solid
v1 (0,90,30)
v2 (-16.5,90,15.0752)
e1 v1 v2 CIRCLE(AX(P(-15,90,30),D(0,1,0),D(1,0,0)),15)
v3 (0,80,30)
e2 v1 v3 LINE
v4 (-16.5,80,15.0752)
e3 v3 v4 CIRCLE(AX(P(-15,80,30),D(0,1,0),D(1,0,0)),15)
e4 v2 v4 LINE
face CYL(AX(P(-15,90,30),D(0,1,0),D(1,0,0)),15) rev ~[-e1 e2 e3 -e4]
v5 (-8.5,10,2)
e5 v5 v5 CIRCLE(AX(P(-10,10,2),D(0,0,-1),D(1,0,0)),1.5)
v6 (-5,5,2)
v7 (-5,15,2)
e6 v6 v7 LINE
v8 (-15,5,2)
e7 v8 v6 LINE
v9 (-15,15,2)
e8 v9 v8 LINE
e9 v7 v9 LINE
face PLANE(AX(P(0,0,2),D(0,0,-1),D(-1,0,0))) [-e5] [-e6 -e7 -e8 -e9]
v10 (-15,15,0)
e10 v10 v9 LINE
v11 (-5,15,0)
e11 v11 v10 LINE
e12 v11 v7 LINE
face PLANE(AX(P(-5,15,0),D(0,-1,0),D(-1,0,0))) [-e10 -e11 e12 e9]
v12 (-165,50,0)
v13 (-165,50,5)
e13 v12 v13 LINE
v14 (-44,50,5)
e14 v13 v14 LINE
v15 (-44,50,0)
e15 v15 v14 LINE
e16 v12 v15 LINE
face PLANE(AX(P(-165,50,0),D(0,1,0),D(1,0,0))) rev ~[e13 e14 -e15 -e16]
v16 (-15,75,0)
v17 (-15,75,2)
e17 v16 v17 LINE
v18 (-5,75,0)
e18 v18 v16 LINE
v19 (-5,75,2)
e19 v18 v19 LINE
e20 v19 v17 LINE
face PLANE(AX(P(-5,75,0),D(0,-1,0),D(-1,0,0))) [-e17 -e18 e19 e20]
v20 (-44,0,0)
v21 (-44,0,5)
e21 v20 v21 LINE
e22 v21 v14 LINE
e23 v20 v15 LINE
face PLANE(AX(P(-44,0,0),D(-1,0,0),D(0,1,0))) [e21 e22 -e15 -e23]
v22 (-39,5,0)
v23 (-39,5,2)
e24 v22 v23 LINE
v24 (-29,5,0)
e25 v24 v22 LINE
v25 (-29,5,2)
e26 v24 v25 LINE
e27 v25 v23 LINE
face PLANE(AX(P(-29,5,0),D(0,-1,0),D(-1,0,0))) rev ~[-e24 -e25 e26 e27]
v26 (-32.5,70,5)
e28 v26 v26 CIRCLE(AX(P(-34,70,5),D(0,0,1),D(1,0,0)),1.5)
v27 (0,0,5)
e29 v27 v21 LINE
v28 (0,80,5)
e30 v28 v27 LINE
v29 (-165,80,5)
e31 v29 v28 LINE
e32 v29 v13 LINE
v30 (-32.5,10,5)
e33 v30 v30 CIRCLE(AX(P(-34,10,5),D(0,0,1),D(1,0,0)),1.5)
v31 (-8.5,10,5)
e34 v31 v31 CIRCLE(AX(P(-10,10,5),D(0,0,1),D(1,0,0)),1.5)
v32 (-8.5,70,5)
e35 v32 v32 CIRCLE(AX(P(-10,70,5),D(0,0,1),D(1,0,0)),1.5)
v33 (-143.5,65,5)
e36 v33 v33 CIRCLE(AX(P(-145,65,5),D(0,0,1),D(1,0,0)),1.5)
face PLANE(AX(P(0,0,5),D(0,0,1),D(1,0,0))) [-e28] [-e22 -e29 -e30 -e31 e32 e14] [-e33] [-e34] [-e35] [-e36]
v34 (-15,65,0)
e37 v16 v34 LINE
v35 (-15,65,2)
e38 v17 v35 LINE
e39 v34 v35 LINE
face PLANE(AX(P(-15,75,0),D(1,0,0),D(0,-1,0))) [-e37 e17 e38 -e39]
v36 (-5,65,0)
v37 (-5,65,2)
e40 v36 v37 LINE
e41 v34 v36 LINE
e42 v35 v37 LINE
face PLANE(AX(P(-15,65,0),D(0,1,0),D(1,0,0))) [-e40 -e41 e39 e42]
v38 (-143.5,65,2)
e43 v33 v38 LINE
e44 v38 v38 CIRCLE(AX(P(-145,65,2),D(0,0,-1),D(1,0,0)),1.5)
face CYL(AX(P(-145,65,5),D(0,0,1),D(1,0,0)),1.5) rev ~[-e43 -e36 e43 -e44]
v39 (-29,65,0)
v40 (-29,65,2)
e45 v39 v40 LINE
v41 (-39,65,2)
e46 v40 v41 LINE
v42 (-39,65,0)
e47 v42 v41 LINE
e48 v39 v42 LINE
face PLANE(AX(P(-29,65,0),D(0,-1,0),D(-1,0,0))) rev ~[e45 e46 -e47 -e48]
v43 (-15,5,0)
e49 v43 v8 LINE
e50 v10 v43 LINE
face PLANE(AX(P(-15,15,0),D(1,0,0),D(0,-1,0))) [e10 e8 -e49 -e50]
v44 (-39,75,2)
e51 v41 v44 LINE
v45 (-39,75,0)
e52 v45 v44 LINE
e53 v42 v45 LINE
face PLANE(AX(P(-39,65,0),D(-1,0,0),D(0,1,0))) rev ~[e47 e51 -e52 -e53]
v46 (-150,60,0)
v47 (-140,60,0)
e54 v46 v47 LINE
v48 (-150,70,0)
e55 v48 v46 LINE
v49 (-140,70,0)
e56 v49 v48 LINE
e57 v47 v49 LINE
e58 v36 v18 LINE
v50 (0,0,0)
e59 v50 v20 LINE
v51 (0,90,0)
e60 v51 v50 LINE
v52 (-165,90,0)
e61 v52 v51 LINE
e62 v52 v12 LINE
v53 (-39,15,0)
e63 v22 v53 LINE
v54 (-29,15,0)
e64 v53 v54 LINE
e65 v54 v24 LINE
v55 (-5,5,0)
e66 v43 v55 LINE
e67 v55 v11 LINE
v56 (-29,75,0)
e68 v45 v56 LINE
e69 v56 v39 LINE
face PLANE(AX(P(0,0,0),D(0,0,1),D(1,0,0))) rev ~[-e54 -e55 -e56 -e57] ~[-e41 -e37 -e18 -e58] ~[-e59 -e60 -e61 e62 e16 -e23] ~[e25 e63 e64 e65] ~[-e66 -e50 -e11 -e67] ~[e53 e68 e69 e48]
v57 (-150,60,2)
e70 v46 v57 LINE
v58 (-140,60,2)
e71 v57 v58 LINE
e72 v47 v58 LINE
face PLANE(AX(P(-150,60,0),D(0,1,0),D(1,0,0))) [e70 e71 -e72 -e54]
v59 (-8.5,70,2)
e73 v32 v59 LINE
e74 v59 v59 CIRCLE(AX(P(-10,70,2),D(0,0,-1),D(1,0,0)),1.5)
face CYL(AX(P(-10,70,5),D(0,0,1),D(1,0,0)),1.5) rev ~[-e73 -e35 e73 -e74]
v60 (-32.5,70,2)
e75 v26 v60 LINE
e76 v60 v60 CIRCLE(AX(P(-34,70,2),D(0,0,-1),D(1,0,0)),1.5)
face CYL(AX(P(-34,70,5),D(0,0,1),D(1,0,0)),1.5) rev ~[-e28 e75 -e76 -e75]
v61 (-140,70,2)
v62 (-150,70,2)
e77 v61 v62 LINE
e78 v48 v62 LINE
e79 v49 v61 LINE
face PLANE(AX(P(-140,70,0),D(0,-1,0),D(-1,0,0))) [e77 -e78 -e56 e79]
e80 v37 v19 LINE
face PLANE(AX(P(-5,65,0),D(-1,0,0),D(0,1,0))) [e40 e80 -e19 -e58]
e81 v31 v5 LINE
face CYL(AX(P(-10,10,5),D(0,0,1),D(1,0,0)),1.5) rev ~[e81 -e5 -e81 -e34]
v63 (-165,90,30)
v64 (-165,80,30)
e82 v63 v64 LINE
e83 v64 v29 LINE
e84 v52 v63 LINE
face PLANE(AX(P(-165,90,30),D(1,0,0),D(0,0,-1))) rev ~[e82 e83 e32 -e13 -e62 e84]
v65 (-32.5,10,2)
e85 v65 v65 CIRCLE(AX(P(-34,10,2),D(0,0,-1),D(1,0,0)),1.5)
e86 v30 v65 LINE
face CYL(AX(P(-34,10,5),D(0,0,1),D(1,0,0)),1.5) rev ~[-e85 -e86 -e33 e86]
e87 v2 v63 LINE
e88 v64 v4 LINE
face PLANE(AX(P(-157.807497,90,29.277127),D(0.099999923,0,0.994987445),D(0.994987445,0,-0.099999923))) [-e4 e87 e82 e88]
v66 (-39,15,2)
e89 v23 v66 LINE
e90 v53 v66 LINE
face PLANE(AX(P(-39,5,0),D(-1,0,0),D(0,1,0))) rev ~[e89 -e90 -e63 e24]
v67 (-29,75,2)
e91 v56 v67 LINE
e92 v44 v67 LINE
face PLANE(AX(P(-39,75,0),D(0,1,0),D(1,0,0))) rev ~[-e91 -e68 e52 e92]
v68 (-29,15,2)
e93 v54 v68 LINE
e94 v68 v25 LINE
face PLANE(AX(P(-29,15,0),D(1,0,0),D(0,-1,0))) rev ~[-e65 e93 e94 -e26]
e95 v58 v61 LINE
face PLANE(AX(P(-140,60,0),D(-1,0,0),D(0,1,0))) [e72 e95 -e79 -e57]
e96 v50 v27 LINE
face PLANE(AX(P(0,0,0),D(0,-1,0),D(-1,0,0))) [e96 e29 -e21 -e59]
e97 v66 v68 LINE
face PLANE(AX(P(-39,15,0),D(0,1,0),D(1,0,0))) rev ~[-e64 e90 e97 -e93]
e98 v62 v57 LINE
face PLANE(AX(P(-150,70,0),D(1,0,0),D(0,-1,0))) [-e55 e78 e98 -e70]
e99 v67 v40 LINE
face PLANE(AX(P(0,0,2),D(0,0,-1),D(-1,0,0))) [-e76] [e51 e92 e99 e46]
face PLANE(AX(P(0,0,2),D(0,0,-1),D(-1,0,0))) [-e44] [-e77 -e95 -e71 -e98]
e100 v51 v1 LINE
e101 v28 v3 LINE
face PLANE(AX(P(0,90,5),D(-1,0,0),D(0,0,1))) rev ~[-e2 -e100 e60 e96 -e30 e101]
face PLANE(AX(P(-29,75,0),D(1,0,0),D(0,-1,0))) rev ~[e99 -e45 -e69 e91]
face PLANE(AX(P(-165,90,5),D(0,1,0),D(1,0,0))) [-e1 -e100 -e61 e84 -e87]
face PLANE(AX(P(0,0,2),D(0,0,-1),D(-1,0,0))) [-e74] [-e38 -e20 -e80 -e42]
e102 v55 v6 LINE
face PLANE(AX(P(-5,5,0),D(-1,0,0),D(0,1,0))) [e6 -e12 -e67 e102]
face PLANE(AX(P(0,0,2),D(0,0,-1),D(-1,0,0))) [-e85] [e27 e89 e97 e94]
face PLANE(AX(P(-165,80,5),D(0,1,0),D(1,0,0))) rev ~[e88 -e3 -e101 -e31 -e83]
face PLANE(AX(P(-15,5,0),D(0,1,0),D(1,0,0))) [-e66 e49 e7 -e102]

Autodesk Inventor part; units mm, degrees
ref_plane "YZ Plane" through (0, 0, 0) normal (1, 0, 0) x (0, 1, 0)
ref_plane "XZ Plane" through (0, 0, 0) normal (0, 1, 0) x (-1, 0, 0)
sketch "Sketch1" plane through (0, 0, 0) normal (0, 0, 1) x (1, 0, 0)
  line L0 (0, 0) -> (-44, 0)
  line L1 (-44, 0) -> (-44, 90)
  line L2 (-44, 90) -> (0, 90)
  line L3 (0, 90) -> (0, 0)
  line L4 (-44, 90) -> (-165, 90)
  line L5 (-165, 90) -> (-165, 50)
  line L6 (-165, 50) -> (-44, 50)
  line L7 (-44, 50) -> (-44, 90)
  point P0 (-44, 50)
  dimension "d0" = 44
  dimension "d1" = 90
  dimension "d2" = 40
  dimension "d3" = 121
extrude "Extrusion1" add sketch "Sketch1" along normal blind 5
sketch "Sketch2" plane through (0, 0, 5) normal (0, 0, 1) x (1, 0, 0)
  point P0 (0, 0)
ref_plane "Work Plane1" through (-165, 90, 5) normal (0, 1, 0) x (1, 0, 0)
sketch "Sketch3" plane through (-165, 90, 5) normal (0, 1, 0) x (1, 0, 0)
  circle A0 centre (150, -25) radius 15
  arc A1 (7.1929, -25.7193) -> (7.1925, -24.2771) centre (0, -25) ccw
  line L0 (165, 0) -> (0.2186, 0)
  line L1 (165, 5) -> (165, -44.7143)
  line L2 (150, -40) -> (0, -25)
  line L3 (0, -25) -> (148.5, -10.0752)
  line L4 (0, 0) -> (121, 0) projected
  line L5 (165, -44.7143) -> (0, -44.7143)
  line L6 (0, -44.7143) -> (0, 0)
  line L7 (0, 0) -> (165, 0)
  line L8 (165, 0) -> (165, -44.7143)
  line L9 (0, 0) -> (0, -44.7143)
  point P0 (0, -25)
  point P1 (165, -25)
  dimension "d6" = 30
  dimension "d7" = 150
  dimension "d8" = 165
  dimension "d9" = 25
extrude "Extrusion2" add sketch "Sketch3" against normal blind 10 contours A0 L3 L6 L4 L0 L1
sketch "Sketch4" plane through (0, 0, 5) normal (0, 0, 1) x (1, 0, 0)
  line L0 (-5, 5) -> (-15, 5)
  line L1 (-15, 5) -> (-15, 15)
  line L2 (-15, 15) -> (-5, 15)
  line L3 (-5, 15) -> (-5, 5)
  line L4 (-5, 5) -> (-15, 15) construction
  line L5 (-15, 5) -> (-5, 15) construction
  line L6 (-44, 0) -> (0, 0) projected
  line L7 (0, 0) -> (0, 80) projected
  line L8 (-22, 0) -> (-22, 96.74)
  line L9 (0, 80) -> (-165, 80) projected
  line L10 (-39, 5) -> (-29, 5)
  line L11 (-29, 5) -> (-29, 15)
  line L12 (-29, 15) -> (-39, 15)
  line L13 (-39, 15) -> (-39, 5)
  line L14 (-5, 65) -> (-15, 65)
  line L15 (-15, 65) -> (-15, 75)
  line L16 (-15, 75) -> (-5, 75)
  line L17 (-5, 75) -> (-5, 65)
  line L18 (-5, 65) -> (-15, 75) construction
  line L19 (-15, 65) -> (-5, 75) construction
  line L20 (-39, 65) -> (-29, 65)
  line L21 (-29, 65) -> (-29, 75)
  line L22 (-29, 75) -> (-39, 75)
  line L23 (-39, 75) -> (-39, 65)
  line L24 (-140, 60) -> (-150, 60)
  line L25 (-150, 60) -> (-150, 70)
  line L26 (-150, 70) -> (-140, 70)
  line L27 (-140, 70) -> (-140, 60)
  line L28 (-140, 60) -> (-150, 70) construction
  line L29 (-150, 60) -> (-140, 70) construction
  line L30 (-165, 50) -> (-44, 50) projected
  line L31 (-165, 80) -> (-165, 50) projected
  circle A0 centre (-10, 10) radius 1.5
  circle A1 centre (-10, 70) radius 1.5
  circle A2 centre (-34, 10) radius 1.5
  circle A3 centre (-34, 70) radius 1.5
  circle A4 centre (-145, 65) radius 1.5
  dimension "d12" = 10
  dimension "d13" = 10
  dimension "d14" = 10
  dimension "d15" = 10
  dimension "d16" = 10
  dimension "d17" = 10
  dimension "d18" = 10
  dimension "d19" = 10
  dimension "d20" = 10
  dimension "d21" = 15
  dimension "d22" = 20
  dimension "d23" = 3
  dimension "d24" = 3
  dimension "d25" = 3
extrude "Extrusion3" cut sketch "Sketch4" against normal through all contours A0 | A1
extrude "Extrusion4" cut sketch "Sketch4" against normal through all contours A3
extrude "Extrusion5" cut sketch "Sketch4" against normal through all contours A2
extrude "Extrusion6" cut sketch "Sketch4" against normal through all contours A4
sketch "Sketch5" plane through (0, 0, 0) normal (0, 0, -1) x (-1, 0, 0)
  line L0 (5, 15) -> (15, 15)
  line L1 (15, 15) -> (15, 5)
  line L2 (15, 5) -> (5, 5)
  line L3 (5, 5) -> (5, 15)
  circle A0 centre (10, 10) radius 1.5 projected
  line L4 (5, 15) -> (15, 5) construction
  line L5 (15, 15) -> (5, 5) construction
  line L6 (5, 75) -> (15, 75)
  line L7 (15, 75) -> (15, 65)
  line L8 (15, 65) -> (5, 65)
  line L9 (5, 65) -> (5, 75)
  circle A1 centre (10, 70) radius 1.5 projected
  line L10 (5, 75) -> (15, 65) construction
  line L11 (15, 75) -> (5, 65) construction
  line L12 (44, 0) -> (0, 0) projected
  line L13 (22, 0) -> (22, 89.9769)
  line L14 (39, 15) -> (29, 15)
  line L15 (29, 15) -> (29, 5)
  line L16 (29, 5) -> (39, 5)
  line L17 (39, 5) -> (39, 15)
  circle A2 centre (34, 10) radius 1.5
  line L18 (39, 15) -> (29, 5) construction
  line L19 (29, 15) -> (39, 5) construction
  line L20 (39, 75) -> (29, 75)
  line L21 (29, 75) -> (29, 65)
  line L22 (29, 65) -> (39, 65)
  line L23 (39, 65) -> (39, 75)
  circle A3 centre (34, 70) radius 1.5
  line L24 (39, 75) -> (29, 65) construction
  line L25 (29, 75) -> (39, 65) construction
  line L26 (140, 70) -> (150, 70)
  line L27 (150, 70) -> (150, 60)
  line L28 (150, 60) -> (140, 60)
  line L29 (140, 60) -> (140, 70)
  circle A4 centre (145, 65) radius 1.5 projected
  line L30 (140, 70) -> (150, 60) construction
  line L31 (150, 70) -> (140, 60) construction
  circle A5 centre (10, 10) radius 1.5
  circle A6 centre (10, 70) radius 1.5
  circle A7 centre (34, 70) radius 1.5
  circle A8 centre (34, 10) radius 1.5
  circle A9 centre (145, 65) radius 1.5
  dimension "d34" = 10
  dimension "d35" = 10
  dimension "d36" = 10
  dimension "d37" = 10
  dimension "d38" = 10
  dimension "d39" = 10
  dimension "d40" = 3
  dimension "d41" = 3
  dimension "d42" = 3
  dimension "d43" = 3
  dimension "d44" = 3
extrude "Extrusion7" cut sketch "Sketch5" against normal blind 2
properties part number "üst kısım"
